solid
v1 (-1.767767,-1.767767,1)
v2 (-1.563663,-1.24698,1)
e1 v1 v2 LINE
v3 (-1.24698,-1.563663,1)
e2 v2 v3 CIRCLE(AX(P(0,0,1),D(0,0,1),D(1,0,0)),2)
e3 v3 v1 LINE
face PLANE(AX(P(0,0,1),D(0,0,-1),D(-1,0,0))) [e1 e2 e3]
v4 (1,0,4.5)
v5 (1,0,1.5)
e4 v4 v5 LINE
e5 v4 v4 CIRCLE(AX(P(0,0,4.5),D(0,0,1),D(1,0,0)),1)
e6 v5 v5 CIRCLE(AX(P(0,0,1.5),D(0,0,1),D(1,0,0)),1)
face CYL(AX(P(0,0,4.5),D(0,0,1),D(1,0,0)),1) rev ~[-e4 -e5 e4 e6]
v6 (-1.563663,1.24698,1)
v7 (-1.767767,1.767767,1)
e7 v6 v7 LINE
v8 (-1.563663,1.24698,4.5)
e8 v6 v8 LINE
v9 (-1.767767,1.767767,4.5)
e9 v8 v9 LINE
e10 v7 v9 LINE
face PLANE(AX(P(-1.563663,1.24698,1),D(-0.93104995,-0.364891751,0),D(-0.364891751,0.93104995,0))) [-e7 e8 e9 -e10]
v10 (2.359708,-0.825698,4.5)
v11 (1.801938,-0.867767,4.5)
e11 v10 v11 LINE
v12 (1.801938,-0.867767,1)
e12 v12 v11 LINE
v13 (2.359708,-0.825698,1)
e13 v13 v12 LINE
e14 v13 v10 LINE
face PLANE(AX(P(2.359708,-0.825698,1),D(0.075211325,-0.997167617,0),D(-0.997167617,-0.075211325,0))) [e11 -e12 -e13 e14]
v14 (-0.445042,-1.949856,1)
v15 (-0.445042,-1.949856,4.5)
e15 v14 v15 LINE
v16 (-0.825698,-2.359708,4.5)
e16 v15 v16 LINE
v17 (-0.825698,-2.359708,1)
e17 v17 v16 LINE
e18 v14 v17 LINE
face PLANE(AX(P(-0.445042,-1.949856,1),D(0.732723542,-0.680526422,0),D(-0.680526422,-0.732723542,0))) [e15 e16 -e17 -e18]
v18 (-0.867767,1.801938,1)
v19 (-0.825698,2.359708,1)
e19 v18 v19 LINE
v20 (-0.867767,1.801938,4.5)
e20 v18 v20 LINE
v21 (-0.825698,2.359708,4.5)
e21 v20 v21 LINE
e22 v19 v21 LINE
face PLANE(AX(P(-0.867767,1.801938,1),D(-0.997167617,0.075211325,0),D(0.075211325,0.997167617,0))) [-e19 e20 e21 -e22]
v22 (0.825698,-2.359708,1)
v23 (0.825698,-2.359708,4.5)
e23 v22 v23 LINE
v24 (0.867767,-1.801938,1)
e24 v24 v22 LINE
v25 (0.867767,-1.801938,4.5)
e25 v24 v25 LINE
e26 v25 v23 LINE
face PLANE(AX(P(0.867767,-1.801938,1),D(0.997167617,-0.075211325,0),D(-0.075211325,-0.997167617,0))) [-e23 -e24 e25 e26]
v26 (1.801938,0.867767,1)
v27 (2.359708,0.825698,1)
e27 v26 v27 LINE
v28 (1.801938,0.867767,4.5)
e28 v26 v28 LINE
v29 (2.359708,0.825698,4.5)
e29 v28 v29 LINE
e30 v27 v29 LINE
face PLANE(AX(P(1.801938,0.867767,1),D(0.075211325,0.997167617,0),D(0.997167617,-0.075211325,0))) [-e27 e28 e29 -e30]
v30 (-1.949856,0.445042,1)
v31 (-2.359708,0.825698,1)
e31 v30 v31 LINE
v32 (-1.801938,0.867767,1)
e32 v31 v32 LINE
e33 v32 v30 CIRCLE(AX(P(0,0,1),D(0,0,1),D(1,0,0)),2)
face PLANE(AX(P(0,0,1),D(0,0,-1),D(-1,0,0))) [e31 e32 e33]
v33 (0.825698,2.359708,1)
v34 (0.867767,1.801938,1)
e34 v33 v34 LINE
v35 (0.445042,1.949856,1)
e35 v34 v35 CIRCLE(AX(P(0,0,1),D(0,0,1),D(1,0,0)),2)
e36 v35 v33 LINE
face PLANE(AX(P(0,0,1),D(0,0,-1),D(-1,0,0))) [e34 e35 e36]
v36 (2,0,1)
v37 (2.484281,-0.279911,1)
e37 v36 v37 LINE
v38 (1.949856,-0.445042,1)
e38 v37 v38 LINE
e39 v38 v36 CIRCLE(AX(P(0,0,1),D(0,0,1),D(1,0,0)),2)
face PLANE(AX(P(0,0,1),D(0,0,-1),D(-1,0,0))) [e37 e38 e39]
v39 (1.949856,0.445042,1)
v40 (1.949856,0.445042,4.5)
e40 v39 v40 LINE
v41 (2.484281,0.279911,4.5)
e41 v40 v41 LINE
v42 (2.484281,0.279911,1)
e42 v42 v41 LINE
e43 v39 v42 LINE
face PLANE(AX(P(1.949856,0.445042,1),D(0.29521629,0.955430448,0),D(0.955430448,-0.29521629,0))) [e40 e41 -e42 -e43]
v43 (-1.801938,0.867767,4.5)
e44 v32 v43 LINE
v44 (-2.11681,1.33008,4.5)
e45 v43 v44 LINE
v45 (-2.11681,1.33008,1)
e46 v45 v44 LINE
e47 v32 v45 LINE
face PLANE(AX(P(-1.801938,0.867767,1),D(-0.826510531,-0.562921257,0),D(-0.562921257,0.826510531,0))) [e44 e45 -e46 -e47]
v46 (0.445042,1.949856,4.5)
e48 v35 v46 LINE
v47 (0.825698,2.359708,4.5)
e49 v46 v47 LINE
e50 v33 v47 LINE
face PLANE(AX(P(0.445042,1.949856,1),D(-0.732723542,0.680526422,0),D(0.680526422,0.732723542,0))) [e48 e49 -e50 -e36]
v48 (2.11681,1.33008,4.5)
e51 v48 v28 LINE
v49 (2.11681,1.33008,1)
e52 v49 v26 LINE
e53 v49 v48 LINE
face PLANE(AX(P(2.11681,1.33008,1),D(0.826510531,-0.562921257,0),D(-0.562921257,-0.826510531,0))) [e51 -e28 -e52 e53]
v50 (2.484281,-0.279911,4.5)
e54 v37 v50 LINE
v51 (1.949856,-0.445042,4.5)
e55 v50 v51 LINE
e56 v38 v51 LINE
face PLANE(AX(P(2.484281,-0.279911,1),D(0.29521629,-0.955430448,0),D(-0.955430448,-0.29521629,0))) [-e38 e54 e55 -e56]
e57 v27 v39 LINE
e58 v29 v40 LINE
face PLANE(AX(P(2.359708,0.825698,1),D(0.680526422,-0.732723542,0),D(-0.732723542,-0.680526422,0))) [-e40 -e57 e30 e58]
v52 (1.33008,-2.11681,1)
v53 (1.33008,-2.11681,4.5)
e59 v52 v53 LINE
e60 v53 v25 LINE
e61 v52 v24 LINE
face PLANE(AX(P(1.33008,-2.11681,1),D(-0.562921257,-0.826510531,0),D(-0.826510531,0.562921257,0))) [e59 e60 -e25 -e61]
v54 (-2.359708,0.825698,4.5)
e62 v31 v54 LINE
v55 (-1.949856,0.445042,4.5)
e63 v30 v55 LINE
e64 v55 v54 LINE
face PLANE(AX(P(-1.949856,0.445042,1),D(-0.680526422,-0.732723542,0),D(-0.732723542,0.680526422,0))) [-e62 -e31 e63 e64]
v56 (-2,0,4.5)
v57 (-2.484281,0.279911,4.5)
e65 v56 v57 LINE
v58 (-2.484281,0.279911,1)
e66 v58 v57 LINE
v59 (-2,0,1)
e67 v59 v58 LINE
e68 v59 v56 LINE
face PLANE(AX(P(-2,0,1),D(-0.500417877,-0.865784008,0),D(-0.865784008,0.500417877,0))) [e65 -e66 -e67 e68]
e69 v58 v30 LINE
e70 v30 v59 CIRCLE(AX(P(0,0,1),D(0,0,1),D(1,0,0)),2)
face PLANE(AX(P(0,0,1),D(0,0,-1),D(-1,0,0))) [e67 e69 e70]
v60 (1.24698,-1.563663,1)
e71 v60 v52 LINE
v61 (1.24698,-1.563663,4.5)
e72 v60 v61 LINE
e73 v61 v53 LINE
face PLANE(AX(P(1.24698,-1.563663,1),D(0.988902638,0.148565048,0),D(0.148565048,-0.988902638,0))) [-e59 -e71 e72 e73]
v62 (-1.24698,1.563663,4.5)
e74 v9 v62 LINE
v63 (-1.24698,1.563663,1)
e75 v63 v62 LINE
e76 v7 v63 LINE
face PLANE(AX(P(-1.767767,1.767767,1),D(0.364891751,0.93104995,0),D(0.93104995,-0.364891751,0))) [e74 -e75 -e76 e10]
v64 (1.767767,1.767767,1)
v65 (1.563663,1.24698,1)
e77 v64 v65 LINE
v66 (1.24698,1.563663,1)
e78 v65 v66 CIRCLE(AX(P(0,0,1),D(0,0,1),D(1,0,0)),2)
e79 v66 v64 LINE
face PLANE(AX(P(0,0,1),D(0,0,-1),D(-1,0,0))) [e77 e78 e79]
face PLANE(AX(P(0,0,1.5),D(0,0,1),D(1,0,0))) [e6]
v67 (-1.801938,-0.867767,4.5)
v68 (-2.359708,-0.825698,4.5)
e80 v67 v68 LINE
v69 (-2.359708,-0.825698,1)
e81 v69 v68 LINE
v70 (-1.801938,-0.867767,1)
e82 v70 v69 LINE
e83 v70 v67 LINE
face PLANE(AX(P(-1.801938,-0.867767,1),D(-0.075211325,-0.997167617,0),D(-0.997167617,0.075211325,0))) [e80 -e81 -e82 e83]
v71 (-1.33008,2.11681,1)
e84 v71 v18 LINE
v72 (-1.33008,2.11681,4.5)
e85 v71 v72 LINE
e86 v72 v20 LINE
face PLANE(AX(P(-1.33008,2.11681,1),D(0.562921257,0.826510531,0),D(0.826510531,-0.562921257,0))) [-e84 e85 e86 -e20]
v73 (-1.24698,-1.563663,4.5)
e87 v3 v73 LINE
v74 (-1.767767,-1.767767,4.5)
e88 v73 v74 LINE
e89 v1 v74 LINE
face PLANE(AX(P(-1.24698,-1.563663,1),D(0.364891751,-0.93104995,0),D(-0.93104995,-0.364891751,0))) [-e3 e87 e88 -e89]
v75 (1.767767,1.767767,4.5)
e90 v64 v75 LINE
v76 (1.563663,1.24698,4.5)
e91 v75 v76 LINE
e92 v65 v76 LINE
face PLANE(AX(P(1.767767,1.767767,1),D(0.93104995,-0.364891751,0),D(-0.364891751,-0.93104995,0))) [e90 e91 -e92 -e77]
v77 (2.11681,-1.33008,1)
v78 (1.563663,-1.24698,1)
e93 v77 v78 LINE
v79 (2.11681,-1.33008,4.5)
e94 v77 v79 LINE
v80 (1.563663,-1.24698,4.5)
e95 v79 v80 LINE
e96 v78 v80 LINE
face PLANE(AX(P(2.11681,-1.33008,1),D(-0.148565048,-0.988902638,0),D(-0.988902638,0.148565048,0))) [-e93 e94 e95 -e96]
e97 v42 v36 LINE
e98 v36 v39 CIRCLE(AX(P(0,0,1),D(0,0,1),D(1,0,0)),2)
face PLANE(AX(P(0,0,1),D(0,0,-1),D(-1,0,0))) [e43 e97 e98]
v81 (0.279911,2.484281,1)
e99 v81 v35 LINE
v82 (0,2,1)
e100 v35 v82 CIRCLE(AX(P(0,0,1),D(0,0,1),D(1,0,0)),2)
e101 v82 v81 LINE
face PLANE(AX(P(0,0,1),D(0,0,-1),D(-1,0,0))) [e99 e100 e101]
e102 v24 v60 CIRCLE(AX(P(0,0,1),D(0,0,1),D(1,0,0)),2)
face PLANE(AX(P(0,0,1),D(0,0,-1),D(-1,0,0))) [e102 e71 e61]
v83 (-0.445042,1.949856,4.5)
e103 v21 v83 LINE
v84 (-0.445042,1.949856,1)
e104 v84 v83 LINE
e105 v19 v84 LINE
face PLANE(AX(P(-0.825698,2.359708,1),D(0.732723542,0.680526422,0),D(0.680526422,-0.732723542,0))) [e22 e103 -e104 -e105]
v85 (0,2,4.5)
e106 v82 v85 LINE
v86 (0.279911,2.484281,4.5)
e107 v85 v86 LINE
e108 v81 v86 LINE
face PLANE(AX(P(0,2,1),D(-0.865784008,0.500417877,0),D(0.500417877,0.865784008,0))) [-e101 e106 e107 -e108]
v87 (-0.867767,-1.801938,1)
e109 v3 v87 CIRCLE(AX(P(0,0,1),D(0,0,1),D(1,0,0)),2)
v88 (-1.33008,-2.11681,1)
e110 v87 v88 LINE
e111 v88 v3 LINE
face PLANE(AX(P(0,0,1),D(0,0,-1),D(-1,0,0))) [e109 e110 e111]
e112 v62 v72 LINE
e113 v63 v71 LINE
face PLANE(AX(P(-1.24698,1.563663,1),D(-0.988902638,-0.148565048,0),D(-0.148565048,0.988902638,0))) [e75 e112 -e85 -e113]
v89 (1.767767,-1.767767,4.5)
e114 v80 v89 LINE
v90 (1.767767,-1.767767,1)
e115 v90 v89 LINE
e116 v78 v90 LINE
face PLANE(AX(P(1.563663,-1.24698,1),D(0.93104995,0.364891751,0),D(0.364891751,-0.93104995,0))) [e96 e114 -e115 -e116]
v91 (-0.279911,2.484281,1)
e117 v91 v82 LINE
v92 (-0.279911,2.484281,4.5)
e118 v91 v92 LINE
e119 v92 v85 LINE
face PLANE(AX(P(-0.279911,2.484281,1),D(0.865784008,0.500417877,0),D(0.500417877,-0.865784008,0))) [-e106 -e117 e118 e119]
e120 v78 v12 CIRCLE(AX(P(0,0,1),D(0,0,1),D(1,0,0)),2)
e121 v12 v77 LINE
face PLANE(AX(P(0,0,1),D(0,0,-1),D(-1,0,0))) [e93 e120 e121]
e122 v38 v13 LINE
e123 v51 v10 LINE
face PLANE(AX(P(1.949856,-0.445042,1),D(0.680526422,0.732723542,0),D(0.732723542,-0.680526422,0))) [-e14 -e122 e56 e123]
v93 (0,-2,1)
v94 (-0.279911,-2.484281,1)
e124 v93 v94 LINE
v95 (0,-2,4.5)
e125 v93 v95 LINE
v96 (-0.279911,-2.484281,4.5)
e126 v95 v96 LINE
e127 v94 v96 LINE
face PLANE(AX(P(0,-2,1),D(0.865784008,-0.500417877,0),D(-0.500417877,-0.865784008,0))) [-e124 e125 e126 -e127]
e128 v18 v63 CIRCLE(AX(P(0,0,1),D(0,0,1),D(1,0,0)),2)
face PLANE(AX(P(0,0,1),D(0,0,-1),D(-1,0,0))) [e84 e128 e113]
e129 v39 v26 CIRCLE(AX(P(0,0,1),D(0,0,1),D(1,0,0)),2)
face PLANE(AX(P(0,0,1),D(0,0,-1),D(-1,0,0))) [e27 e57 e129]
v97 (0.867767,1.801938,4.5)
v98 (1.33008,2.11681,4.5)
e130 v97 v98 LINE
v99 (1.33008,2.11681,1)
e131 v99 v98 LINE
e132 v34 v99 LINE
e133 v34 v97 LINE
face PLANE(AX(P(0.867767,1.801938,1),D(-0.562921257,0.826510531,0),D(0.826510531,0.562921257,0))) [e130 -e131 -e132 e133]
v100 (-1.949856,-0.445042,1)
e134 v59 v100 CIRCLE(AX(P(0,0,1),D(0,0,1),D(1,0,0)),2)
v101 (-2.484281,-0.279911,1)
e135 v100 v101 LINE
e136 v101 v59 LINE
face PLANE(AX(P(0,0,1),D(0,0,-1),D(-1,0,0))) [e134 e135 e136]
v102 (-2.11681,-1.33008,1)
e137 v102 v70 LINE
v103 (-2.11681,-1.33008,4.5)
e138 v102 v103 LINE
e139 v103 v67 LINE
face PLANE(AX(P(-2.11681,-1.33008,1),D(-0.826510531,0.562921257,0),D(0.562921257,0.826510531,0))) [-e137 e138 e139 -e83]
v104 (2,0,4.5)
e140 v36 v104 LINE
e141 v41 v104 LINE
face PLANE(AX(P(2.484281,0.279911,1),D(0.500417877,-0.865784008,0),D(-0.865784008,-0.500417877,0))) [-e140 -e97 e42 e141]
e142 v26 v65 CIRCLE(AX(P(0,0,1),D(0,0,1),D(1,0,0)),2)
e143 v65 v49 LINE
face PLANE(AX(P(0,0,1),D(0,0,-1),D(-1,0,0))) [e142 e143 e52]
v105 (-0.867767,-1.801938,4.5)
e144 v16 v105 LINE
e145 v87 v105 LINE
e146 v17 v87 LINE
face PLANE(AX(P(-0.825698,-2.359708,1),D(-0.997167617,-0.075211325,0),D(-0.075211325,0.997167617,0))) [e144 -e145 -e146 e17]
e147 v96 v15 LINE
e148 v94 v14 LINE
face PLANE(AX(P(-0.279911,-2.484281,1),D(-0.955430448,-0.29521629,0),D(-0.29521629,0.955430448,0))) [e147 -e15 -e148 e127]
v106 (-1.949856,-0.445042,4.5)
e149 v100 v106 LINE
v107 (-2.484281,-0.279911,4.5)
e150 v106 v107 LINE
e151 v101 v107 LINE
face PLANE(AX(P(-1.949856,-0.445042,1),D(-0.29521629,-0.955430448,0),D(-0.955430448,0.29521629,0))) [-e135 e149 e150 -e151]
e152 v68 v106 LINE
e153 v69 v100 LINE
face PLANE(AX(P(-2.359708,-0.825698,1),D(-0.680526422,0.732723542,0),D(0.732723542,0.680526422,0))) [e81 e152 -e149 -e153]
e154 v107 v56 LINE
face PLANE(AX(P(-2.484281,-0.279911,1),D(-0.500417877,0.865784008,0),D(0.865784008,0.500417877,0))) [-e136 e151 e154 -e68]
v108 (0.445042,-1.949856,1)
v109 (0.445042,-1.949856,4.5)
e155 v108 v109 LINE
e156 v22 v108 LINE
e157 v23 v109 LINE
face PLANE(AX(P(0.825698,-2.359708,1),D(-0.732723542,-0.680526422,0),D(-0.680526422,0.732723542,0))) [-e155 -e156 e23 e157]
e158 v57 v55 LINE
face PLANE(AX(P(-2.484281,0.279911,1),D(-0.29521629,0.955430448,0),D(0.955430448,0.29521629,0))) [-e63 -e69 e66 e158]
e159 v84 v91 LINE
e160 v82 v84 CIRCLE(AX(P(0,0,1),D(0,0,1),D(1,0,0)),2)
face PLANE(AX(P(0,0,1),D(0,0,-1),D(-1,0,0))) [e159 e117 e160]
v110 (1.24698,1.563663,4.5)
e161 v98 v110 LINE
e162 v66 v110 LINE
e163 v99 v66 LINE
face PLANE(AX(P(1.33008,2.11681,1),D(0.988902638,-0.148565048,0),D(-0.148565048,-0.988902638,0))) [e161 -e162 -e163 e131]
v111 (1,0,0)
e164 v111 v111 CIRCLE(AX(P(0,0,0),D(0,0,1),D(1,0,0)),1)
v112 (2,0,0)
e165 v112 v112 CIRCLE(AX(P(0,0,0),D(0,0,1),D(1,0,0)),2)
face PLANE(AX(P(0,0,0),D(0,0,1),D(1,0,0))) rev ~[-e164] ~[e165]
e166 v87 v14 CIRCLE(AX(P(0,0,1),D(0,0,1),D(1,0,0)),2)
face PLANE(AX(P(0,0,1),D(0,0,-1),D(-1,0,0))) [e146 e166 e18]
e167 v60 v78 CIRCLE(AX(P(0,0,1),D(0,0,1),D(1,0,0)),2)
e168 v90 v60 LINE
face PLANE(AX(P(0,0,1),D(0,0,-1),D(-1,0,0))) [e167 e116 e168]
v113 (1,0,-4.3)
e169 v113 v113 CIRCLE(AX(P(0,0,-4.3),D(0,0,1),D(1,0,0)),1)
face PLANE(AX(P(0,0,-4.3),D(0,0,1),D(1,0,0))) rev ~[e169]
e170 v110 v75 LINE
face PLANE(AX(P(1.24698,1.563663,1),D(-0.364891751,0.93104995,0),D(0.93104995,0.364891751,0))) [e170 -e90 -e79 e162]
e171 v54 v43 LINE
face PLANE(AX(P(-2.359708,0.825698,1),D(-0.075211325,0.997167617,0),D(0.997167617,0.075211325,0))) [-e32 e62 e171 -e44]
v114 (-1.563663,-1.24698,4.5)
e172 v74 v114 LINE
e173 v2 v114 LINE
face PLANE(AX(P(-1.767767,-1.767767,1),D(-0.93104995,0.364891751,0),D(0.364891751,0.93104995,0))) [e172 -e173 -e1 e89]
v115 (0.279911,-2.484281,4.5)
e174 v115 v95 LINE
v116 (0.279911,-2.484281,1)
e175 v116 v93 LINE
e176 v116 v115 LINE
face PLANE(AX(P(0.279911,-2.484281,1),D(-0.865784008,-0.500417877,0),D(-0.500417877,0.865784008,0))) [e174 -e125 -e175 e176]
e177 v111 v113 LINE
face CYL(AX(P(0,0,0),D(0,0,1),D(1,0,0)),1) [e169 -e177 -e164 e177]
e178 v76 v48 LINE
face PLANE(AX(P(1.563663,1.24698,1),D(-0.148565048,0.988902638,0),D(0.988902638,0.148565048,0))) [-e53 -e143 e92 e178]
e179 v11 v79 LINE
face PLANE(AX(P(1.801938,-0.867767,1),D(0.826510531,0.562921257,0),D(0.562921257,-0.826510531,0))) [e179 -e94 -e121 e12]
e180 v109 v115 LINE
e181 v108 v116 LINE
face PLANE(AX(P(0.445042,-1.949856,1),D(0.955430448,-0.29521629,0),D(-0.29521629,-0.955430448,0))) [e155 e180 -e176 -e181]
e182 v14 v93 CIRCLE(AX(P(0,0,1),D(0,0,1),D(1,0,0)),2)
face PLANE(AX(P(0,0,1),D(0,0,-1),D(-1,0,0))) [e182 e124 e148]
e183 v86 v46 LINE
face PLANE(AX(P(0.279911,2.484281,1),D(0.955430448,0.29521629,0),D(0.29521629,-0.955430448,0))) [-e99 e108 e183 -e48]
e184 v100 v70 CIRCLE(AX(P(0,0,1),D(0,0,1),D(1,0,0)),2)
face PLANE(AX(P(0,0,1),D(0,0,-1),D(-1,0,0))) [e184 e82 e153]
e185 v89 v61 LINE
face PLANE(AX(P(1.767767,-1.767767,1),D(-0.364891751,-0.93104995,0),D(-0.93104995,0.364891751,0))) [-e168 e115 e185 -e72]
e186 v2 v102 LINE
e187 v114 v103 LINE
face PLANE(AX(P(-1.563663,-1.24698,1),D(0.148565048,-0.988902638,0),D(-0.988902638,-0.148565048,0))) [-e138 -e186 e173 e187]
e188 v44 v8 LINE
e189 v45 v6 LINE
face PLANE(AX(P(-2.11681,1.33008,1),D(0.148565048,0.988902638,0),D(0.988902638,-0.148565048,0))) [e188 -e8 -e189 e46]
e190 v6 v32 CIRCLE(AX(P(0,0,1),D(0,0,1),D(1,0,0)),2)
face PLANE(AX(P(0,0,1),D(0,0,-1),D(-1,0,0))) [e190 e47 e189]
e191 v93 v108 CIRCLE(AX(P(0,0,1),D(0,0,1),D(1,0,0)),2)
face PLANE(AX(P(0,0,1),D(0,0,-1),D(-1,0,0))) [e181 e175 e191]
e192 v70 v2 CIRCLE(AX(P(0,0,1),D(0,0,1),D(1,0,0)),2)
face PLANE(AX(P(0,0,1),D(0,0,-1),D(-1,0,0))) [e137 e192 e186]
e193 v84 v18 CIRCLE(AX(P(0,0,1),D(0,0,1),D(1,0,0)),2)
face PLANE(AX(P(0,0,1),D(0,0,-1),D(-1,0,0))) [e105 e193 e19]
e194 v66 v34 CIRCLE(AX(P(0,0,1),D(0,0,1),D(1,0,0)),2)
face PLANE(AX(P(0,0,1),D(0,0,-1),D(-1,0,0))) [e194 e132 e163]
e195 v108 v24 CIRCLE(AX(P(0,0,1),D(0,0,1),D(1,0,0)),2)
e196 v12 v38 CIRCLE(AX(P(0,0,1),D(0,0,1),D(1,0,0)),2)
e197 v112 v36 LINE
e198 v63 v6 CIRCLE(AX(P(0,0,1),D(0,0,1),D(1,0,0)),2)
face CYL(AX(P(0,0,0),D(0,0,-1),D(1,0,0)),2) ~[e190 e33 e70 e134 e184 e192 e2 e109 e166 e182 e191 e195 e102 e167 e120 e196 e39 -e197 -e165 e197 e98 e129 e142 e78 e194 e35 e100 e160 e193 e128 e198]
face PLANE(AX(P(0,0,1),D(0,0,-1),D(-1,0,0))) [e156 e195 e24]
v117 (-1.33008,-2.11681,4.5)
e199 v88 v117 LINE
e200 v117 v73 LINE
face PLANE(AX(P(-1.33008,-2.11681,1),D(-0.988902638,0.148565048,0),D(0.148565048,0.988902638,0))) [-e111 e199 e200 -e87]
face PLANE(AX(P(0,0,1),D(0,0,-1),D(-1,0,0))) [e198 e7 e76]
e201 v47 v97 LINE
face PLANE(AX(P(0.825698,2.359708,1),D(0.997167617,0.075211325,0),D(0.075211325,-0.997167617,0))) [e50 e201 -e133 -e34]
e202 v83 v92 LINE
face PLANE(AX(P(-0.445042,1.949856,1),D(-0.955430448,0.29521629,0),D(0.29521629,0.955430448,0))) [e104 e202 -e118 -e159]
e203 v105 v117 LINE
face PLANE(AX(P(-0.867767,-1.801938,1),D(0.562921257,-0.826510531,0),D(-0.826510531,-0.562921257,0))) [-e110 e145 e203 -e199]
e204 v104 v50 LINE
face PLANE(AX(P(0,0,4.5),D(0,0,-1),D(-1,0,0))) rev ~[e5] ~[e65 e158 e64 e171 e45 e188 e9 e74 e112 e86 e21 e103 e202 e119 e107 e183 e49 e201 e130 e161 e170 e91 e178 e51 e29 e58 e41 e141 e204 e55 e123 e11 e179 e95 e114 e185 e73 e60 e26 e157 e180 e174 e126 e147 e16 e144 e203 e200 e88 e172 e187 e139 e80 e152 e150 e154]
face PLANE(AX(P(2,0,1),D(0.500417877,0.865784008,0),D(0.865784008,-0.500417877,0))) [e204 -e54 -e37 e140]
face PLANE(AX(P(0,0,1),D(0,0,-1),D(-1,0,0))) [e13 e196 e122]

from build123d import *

# Parameters (mm, degrees)
SKETCH_1_R          = 1
EXTRUDE_1_DEPTH     = 4.3
SKETCH_2_R          = 2
EXTRUDE_2_DEPTH     = 1
EXTRUDE_3_DEPTH     = 3.5
SKETCH_4_R          = 1
CUT_EXTRUDE_1_DEPTH = 3


with BuildPart() as part:
    # 草图1 → 凸台-拉伸1 (new body)
    with BuildSketch(Plane.XY):
        Circle(SKETCH_1_R)
    extrude(amount=-EXTRUDE_1_DEPTH)

    # 草图2 → 凸台-拉伸2 (add)
    with BuildSketch(Plane.XY):
        Circle(SKETCH_2_R)
    extrude(amount=EXTRUDE_2_DEPTH)

    # 草图3 → 凸台-拉伸3 (add)
    with BuildSketch(Plane.XY.offset(1)):
        Polygon((2.359708326, -0.825697655), (1.801937736, -0.867767478), (2.116810498, -1.330080191), (1.563662965, -1.246979604), (1.767766953, -1.767766953), (1.246979604, -1.563662965), (1.330080191, -2.116810498), (0.867767478, -1.801937736), (0.825697655, -2.359708326), (0.445041868, -1.949855824), (0.27991119, -2.484280525), (0, -2), (-0.27991119, -2.484280525), (-0.445041868, -1.949855824), (-0.825697655, -2.359708326), (-0.867767478, -1.801937736), (-1.330080191, -2.116810498), (-1.246979604, -1.563662965), (-1.767766953, -1.767766953), (-1.563662965, -1.246979604), (-2.116810498, -1.330080191), (-1.801937736, -0.867767478), (-2.359708326, -0.825697655), (-1.949855824, -0.445041868), (-2.484280525, -0.27991119), (-2, 0), (-2.484280525, 0.27991119), (-1.949855824, 0.445041868), (-2.359708326, 0.825697655), (-1.801937736, 0.867767478), (-2.116810498, 1.330080191), (-1.563662965, 1.246979604), (-1.767766953, 1.767766953), (-1.246979604, 1.563662965), (-1.330080191, 2.116810498), (-0.867767478, 1.801937736), (-0.825697655, 2.359708326), (-0.445041868, 1.949855824), (-0.27991119, 2.484280525), (0, 2), (0.27991119, 2.484280525), (0.445041868, 1.949855824), (0.825697655, 2.359708326), (0.867767478, 1.801937736), (1.330080191, 2.116810498), (1.246979604, 1.563662965), (1.767766953, 1.767766953), (1.563662965, 1.246979604), (2.116810498, 1.330080191), (1.801937736, 0.867767478), (2.359708326, 0.825697655), (1.949855824, 0.445041868), (2.484280525, 0.27991119), (2, 0), (2.484280525, -0.27991119), (1.949855824, -0.445041868), align=None)
    extrude(amount=EXTRUDE_3_DEPTH)

    # 草图4 → 切除-拉伸1 (cut)
    with BuildSketch(Plane.XY.offset(4.5)):
        Circle(SKETCH_4_R)
    extrude(amount=-CUT_EXTRUDE_1_DEPTH, mode=Mode.SUBTRACT)


solid = part.part
